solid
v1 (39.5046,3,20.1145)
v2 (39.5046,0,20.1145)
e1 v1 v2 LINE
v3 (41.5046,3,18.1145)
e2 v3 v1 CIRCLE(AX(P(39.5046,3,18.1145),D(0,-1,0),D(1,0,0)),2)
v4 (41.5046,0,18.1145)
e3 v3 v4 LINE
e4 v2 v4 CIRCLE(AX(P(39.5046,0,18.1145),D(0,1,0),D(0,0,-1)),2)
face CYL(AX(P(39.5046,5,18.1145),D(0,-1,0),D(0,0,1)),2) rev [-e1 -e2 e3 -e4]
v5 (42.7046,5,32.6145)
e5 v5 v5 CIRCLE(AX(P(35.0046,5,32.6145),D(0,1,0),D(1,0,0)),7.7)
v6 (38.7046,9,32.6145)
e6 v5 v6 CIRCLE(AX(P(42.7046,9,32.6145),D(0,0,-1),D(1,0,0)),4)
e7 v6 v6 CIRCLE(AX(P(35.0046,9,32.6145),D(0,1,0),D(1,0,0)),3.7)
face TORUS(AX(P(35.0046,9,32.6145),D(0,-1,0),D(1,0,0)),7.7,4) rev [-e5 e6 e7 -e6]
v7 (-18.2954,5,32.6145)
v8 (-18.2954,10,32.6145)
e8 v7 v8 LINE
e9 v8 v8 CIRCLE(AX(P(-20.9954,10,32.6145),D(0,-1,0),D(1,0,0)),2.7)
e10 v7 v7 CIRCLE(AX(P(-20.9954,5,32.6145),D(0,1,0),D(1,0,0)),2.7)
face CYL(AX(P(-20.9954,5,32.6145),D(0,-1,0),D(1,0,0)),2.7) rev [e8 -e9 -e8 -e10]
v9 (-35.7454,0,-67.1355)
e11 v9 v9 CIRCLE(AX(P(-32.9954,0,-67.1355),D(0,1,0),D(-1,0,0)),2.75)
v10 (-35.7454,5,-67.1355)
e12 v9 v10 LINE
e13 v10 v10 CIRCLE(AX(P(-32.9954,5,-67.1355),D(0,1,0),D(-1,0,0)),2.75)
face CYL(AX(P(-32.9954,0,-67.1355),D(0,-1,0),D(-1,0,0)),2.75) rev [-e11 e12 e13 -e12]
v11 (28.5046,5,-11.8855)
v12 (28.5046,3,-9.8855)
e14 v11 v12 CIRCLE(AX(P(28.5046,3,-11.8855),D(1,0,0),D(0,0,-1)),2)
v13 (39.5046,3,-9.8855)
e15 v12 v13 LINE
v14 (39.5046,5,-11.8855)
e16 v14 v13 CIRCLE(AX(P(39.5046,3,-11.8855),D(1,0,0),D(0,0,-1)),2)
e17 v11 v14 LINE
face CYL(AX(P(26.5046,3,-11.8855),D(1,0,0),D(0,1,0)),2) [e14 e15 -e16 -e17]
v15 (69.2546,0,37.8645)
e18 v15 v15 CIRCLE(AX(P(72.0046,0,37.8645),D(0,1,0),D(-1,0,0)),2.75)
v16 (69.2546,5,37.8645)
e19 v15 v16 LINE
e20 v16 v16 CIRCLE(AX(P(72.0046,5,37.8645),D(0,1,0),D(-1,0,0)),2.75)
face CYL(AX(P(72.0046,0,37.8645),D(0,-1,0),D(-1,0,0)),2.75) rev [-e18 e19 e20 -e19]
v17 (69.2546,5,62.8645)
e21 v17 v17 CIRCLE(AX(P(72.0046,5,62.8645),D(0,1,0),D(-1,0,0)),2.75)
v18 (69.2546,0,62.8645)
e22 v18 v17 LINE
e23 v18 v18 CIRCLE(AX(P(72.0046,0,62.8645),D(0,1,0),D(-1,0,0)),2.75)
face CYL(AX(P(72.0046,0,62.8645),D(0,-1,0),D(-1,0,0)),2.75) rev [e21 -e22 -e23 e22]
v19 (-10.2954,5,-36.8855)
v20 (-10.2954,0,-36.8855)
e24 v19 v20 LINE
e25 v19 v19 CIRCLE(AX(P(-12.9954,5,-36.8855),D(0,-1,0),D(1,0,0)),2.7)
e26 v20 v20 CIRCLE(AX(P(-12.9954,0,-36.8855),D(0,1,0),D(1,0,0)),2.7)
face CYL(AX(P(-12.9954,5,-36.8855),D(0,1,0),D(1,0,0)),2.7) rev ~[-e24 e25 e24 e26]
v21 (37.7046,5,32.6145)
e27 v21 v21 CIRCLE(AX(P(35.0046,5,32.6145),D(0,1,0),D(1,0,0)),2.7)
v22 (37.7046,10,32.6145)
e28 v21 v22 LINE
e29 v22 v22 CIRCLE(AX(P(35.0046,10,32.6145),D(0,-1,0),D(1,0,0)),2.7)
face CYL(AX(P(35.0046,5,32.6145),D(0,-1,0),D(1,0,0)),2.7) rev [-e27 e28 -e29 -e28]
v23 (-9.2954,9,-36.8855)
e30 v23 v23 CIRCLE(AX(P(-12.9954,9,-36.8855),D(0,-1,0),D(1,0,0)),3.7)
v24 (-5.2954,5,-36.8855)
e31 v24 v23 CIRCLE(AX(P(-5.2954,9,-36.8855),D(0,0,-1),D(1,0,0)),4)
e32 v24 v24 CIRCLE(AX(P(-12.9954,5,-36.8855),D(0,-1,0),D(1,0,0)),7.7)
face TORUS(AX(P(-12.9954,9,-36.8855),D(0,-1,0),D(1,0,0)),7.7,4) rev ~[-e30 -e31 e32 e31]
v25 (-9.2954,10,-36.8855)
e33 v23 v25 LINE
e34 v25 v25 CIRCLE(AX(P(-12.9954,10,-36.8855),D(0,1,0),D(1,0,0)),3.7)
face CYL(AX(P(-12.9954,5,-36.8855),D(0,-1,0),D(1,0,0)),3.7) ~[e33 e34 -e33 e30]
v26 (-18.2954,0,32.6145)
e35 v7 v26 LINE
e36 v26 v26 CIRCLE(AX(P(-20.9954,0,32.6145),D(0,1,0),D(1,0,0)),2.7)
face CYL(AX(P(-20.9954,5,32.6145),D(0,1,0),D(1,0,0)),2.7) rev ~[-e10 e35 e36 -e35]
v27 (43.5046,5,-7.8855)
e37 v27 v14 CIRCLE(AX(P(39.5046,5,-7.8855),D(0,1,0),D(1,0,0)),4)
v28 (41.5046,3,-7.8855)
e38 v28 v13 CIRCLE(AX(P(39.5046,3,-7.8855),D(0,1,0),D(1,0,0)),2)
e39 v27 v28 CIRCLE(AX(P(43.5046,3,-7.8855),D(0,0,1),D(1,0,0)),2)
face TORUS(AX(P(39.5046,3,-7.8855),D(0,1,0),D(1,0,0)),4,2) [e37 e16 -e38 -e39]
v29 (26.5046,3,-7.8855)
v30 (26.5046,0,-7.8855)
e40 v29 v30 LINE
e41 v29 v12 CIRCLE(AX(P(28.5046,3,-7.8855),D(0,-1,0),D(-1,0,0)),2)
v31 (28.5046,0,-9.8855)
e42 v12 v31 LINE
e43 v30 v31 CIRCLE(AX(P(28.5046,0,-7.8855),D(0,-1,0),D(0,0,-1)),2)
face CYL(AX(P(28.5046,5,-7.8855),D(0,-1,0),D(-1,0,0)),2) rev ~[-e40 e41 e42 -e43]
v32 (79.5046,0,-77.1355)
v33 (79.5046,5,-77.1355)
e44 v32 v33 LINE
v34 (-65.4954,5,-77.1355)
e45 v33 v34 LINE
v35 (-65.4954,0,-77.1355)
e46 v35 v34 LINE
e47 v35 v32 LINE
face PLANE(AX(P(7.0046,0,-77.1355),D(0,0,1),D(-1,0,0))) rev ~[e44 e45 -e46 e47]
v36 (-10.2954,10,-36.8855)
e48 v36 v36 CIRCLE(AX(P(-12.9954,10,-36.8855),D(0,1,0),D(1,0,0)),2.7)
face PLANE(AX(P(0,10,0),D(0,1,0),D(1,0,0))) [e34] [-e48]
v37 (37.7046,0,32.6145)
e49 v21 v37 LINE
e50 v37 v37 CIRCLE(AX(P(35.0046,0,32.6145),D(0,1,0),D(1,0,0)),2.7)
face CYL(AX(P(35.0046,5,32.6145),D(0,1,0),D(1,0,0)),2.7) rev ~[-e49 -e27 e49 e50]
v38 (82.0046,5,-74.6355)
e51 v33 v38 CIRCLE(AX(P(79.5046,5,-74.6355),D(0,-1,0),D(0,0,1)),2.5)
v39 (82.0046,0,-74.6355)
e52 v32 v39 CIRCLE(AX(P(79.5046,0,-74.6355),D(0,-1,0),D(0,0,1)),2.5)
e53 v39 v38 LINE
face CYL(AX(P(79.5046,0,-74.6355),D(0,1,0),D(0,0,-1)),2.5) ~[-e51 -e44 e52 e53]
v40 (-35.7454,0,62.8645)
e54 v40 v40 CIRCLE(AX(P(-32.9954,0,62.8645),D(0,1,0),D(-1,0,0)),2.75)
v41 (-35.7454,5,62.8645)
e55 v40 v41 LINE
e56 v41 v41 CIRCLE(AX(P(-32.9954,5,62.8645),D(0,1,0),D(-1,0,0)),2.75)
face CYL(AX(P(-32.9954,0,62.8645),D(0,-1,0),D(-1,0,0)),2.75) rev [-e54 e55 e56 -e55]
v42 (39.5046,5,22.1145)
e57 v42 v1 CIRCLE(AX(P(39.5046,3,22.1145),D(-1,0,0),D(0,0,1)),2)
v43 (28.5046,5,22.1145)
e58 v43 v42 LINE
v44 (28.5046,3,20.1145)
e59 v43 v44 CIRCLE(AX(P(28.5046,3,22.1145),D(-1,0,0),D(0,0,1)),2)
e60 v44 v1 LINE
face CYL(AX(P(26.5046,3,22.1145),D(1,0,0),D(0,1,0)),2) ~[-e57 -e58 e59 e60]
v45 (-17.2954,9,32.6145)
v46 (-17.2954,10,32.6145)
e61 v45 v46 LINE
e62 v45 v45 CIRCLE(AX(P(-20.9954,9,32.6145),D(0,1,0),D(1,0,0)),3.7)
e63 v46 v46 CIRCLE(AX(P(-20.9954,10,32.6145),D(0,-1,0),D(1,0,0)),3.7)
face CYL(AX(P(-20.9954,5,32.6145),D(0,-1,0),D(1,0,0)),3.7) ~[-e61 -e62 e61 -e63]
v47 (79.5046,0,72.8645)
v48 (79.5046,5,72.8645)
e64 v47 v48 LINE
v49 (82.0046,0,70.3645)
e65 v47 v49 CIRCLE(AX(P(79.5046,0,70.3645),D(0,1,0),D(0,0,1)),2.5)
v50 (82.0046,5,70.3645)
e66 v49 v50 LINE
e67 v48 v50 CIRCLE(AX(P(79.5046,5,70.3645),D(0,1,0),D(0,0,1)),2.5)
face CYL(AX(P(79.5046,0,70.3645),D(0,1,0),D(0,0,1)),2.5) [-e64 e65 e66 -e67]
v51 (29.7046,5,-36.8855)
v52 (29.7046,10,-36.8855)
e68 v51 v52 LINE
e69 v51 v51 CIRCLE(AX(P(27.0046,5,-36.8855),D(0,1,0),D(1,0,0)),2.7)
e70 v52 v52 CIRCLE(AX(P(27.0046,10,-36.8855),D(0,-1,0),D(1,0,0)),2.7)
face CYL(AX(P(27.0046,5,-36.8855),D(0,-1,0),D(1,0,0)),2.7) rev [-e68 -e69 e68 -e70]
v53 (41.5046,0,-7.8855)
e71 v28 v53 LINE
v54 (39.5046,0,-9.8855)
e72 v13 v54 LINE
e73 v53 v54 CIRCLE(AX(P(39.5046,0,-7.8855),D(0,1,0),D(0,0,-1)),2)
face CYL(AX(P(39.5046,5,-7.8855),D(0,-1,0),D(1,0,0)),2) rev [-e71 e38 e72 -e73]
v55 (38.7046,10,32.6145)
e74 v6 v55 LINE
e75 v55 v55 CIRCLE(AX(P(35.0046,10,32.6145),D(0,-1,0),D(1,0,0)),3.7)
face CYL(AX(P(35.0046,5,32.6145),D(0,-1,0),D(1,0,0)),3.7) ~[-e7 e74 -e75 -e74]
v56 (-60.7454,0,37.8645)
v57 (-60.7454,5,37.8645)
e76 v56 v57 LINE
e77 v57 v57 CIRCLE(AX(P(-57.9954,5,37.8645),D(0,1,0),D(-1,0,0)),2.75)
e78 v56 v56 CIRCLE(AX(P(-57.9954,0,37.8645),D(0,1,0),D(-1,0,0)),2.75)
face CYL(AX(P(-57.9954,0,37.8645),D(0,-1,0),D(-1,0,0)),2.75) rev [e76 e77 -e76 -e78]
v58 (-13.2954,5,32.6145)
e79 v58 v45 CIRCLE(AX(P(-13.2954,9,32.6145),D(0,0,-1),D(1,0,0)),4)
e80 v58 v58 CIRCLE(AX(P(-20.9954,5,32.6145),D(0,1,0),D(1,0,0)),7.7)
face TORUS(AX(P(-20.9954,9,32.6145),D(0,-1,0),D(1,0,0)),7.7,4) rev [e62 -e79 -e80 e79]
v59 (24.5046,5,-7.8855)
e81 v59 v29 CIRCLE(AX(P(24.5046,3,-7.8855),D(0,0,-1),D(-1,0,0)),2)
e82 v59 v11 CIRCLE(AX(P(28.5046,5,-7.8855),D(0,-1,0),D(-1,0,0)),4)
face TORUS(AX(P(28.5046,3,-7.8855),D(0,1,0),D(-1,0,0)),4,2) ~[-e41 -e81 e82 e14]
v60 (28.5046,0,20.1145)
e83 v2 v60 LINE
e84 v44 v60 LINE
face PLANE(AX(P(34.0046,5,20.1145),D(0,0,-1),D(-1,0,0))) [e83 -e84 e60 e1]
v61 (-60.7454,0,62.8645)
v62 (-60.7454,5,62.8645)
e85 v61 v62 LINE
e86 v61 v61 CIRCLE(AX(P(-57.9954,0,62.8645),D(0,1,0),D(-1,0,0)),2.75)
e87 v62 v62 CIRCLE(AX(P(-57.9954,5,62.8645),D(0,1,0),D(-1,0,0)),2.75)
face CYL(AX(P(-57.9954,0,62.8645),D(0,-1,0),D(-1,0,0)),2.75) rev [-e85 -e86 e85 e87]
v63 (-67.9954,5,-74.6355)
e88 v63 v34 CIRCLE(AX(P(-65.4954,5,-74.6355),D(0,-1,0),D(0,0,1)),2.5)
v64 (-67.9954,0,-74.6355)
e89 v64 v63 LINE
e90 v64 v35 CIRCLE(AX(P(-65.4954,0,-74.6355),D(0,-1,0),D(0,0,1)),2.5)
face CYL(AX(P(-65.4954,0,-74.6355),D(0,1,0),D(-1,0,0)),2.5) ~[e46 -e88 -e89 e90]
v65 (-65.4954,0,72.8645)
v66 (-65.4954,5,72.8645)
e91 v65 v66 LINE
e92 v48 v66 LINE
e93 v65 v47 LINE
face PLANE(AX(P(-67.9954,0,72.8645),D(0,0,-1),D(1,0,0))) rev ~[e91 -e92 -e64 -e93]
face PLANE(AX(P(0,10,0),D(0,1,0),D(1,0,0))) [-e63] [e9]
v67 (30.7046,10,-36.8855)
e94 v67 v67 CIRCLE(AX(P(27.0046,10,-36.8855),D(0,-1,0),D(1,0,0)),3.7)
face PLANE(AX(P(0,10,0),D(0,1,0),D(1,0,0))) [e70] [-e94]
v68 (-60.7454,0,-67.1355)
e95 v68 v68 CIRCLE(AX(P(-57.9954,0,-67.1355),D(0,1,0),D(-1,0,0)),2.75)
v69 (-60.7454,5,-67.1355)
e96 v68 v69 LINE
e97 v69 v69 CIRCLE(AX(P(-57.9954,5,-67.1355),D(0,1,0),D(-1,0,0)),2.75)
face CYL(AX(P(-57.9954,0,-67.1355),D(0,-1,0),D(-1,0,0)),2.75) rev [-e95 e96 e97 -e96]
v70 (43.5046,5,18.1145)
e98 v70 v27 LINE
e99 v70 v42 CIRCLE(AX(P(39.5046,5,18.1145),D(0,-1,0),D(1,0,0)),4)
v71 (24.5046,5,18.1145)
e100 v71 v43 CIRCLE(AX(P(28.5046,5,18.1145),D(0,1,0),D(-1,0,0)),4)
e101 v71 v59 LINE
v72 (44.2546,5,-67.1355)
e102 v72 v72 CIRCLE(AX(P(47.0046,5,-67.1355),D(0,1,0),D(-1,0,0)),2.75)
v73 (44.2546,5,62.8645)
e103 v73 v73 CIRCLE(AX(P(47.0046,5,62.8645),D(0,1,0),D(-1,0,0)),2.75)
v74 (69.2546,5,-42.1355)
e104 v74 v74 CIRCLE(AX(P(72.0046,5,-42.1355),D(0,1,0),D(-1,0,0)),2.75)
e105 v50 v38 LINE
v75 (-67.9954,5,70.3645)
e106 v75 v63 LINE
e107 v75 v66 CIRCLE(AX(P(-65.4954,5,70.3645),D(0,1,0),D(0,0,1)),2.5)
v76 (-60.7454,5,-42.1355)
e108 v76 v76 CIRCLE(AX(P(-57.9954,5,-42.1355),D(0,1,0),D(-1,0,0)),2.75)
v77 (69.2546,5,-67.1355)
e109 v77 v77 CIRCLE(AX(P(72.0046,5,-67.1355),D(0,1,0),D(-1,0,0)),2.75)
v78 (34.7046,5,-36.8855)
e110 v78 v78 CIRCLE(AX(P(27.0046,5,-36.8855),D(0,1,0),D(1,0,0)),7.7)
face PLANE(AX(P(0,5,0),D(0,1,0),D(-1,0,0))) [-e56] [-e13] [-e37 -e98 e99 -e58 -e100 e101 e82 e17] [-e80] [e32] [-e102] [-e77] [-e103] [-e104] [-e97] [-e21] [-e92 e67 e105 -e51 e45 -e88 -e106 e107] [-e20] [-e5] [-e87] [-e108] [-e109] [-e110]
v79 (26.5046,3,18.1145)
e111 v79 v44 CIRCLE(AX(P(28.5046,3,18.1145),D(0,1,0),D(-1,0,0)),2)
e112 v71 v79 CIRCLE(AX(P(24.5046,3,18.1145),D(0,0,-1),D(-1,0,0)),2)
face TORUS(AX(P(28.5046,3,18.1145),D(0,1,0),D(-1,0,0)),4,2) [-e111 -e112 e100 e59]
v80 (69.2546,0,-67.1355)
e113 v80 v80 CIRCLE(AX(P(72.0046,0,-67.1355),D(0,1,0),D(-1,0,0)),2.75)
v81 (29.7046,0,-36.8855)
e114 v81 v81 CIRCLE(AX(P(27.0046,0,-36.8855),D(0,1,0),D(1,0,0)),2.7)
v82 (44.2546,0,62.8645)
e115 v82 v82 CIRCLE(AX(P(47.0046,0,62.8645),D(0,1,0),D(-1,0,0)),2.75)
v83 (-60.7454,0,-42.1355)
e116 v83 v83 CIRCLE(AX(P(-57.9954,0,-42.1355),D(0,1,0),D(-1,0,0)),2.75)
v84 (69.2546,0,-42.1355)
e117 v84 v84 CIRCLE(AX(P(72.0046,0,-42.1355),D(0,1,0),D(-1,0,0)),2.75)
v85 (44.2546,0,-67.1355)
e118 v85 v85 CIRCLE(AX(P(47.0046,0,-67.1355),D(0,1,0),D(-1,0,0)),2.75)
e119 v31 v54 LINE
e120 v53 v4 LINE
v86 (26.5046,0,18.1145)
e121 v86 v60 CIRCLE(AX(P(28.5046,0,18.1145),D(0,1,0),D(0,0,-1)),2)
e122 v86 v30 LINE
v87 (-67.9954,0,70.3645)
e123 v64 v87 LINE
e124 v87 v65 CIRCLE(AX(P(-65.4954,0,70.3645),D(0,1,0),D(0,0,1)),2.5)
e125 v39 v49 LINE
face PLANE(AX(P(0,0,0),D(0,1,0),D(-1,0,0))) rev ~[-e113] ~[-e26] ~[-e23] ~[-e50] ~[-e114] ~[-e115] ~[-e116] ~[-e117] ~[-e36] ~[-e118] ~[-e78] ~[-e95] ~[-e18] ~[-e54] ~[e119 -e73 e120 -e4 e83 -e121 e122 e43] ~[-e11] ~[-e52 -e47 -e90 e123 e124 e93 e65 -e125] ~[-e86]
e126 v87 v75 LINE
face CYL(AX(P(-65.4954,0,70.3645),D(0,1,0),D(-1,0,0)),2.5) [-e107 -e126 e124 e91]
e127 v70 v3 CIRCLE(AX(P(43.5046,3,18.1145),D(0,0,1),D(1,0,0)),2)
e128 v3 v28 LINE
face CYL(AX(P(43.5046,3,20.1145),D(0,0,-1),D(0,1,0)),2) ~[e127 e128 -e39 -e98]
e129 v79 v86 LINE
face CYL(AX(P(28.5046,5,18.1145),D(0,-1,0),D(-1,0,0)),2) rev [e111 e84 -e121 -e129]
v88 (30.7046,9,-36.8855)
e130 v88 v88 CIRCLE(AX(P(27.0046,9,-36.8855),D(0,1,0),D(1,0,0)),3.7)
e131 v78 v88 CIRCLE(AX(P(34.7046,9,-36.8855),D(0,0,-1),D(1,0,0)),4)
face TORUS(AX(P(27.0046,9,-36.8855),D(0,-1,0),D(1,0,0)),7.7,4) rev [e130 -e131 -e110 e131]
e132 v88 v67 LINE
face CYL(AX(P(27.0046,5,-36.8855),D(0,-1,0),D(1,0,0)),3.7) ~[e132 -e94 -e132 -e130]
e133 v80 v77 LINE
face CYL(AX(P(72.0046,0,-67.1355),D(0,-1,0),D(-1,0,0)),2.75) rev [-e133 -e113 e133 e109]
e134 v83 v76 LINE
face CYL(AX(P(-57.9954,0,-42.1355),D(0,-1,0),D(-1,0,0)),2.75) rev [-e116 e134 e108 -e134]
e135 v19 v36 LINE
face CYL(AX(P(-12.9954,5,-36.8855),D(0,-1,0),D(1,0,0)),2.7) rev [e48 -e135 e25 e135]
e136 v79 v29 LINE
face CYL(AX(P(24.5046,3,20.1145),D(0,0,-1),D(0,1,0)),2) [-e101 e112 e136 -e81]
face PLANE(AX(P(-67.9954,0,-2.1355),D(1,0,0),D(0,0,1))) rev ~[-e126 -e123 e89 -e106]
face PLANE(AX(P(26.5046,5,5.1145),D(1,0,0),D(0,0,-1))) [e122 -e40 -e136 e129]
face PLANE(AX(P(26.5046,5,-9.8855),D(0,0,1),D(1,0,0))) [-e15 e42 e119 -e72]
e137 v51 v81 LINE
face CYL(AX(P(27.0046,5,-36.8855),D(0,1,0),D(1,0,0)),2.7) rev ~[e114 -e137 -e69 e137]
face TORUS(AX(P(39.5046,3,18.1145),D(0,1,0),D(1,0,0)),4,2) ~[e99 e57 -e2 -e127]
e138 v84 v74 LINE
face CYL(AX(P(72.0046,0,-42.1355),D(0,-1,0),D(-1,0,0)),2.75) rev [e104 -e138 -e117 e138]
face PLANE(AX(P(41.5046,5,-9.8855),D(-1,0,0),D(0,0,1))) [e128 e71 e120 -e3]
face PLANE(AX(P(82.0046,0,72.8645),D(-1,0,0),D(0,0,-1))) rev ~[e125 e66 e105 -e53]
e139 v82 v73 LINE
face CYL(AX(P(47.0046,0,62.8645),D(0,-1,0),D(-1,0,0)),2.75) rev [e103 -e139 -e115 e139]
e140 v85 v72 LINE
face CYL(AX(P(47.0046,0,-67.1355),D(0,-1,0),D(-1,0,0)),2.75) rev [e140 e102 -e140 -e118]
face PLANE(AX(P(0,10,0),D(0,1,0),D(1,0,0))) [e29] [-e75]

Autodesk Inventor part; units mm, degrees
ref_plane "YZ Plane" through (0, 0, 0) normal (1, 0, 0) x (0, 1, 0)
ref_plane "XZ Plane" through (0, 0, 0) normal (0, 1, 0) x (-1, 0, 0)
ref_plane "XY Plane" through (0, 0, 0) normal (0, 0, 1) x (1, 0, 0)
sketch "Sketch2" plane through (0, 0, 0) normal (0, 1, 0) x (-1, 0, 0)
  line L0 (67.9954, 72.8645) -> (-82.0046, 72.8645)
  line L1 (-82.0046, 72.8645) -> (-82.0046, -77.1355)
  line L2 (-82.0046, -77.1355) -> (67.9954, -77.1355)
  line L3 (67.9954, -77.1355) -> (67.9954, 72.8645)
  circle A0 centre (57.9954, 62.8645) radius 2.75
  circle A1 centre (32.9954, 62.8645) radius 2.75
  circle A2 centre (57.9954, 37.8645) radius 2.75
  line L4 (67.9954, -2.1355) -> (-82.0046, -2.1355)
  line L5 (-7.0046, 72.8645) -> (-7.0046, -77.1355)
  circle A3 centre (57.9954, -67.1355) radius 2.75
  circle A4 centre (32.9954, -67.1355) radius 2.75
  circle A5 centre (57.9954, -42.1355) radius 2.75
  circle A6 centre (-72.0046, 62.8645) radius 2.75
  circle A7 centre (-47.0046, 62.8645) radius 2.75
  circle A8 centre (-72.0046, 37.8645) radius 2.75
  circle A9 centre (-72.0046, -67.1355) radius 2.75
  circle A10 centre (-72.0046, -42.1355) radius 2.75
  circle A11 centre (-47.0046, -67.1355) radius 2.75
  point P0 (0, 0)
  dimension "d0" = 150
  dimension "d1" = 150
  dimension "d2" = 10
  dimension "d3" = 10
  dimension "d4" = 25
  dimension "d5" = 25
  dimension "d6" = 10
  dimension "d7" = 10
  dimension "d42" = 5.5
  dimension "d43" = 5.5
  dimension "d44" = 5.5
extrude "Extrusion1" add sketch "Sketch2" along normal blind 5
sketch "Sketch4" plane through (0, 5, 0) normal (0, 1, 0) x (1, 0, 0)
  line L0 (-12.9954, 36.8855) -> (27.0046, 36.8855)
  line L1 (27.0046, 36.8855) -> (35.0046, -32.6145)
  line L2 (35.0046, -32.6145) -> (-20.9954, -32.6145)
  line L3 (-20.9954, -32.6145) -> (-12.9954, 36.8855)
  line L4 (7.0046, 36.8855) -> (7.0046, -32.6145)
  line L5 (82.0046, -72.8645) -> (82.0046, 77.1355) projected
  line L6 (-16.9954, 2.1355) -> (31.0046, 2.1355)
  line L7 (82.0046, 77.1355) -> (-67.9954, 77.1355) projected
  circle A0 centre (-12.9954, 36.8855) radius 2.7
  circle A1 centre (27.0046, 36.8855) radius 2.7
  circle A2 centre (35.0046, -32.6145) radius 2.7
  circle A3 centre (-20.9954, -32.6145) radius 2.7
  circle A4 centre (-12.9954, 36.8855) radius 3.7
  circle A5 centre (27.0046, 36.8855) radius 3.7
  circle A6 centre (35.0046, -32.6145) radius 3.7
  circle A7 centre (-20.9954, -32.6145) radius 3.7
  point P0 (0, 0)
  dimension "d17" = 40
  dimension "d18" = 56
  dimension "d19" = 75
  dimension "d20" = 75
  dimension "d21" = 5.4
  dimension "d22" = 5.4
  dimension "d23" = 5.4
  dimension "d24" = 5.4
  dimension "d25" = 1
  dimension "d26" = 1
  dimension "d27" = 1
  dimension "d28" = 1
  dimension "d45" = 69.5
extrude "Extrusion3" add sketch "Sketch4" along normal blind 5 contours A0 L3 A4 L0 | L0 A4 L3 A0 | A5 L1 A1 L0 | L0 A1 L1 A5 | A7 L2 A3 L3 | L3 A3 L2 A7 | A6 L1 A2 L2 | L2 A2 L1 A6
sketch "Sketch5" plane through (-20.9954, 5, 32.6145) normal (0, 1, 0) x (1, 0, 0)
  circle A0 centre (0, 0) radius 2.7 projected
  circle A1 centre (0, 0) radius 2.7
  circle A2 centre (48, 69.5) radius 2.7 projected
  circle A3 centre (48, 69.5) radius 2.7
  circle A4 centre (56, 0) radius 2.7 projected
  circle A5 centre (56, 0) radius 2.7
  circle A6 centre (8, 69.5) radius 3.7 projected
  circle A7 centre (8, 69.5) radius 2.7
  point P0 (20.9954, 32.6145)
extrude "Extrusion4" cut sketch "Sketch5" against normal through all contours A0 | A2 | A4 | A7
fillet "Fillet1" radius 4 4 edges at (-24.6954, 5, 32.6145) (31.3046, 5, 32.6145) (23.3046, 5, -36.8855) (-16.6954, 5, -36.8855)
sketch "Sketch6" plane through (0, 5, 0) normal (0, 1, 0) x (1, 0, 0)
  line L0 (26.5046, 9.8855) -> (41.5046, 9.8855)
  line L1 (41.5046, 9.8855) -> (41.5046, -20.1145)
  line L2 (41.5046, -20.1145) -> (26.5046, -20.1145)
  line L3 (26.5046, -20.1145) -> (26.5046, 9.8855)
  line L4 (26.5046, -5.1145) -> (41.5046, -5.1145)
  line L5 (34.0046, 9.8855) -> (34.0046, -20.1145)
  circle A0 centre (35.0046, -32.6145) radius 2.7 projected
  point P0 (0, 0)
  dimension "d34" = 15
  dimension "d35" = 30
  dimension "d36" = 27.5
  dimension "d37" = 1
extrude "Extrusion5" cut sketch "Sketch6" against normal through all contours L0 L5 L4 L3 | L0 L1 L4 L5 | L4 L5 L2 L3 | L4 L1 L2 L5
fillet "Fillet3" radius 2.5 4 edges at (-67.9954, 2.5, 72.8645) (82.0046, 2.5, 72.8645) (82.0046, 2.5, -77.1355) (-67.9954, 2.5, -77.1355)
fillet "Fillet4" radius 2 8 edges at (41.5046, 2.5, -9.8855) (41.5046, 5, 5.1145) (34.0046, 5, -9.8855) (26.5046, 2.5, -9.8855) (26.5046, 5, 5.1145) (34.0046, 5, 20.1145) (26.5046, 2.5, 20.1145) (41.5046, 2.5, 20.1145)
equation "\"d1\" = d0"
equation "\"d6\" = d3"
equation "\"d7\" = d2"
equation "\"d22\" = d21"
equation "\"d23\" = d21"
equation "\"d24\" = d21"
equation "\"d26\" = d25"
equation "\"d27\" = d25"
equation "\"d28\" = d25"
properties part number "agv_nano_base"
